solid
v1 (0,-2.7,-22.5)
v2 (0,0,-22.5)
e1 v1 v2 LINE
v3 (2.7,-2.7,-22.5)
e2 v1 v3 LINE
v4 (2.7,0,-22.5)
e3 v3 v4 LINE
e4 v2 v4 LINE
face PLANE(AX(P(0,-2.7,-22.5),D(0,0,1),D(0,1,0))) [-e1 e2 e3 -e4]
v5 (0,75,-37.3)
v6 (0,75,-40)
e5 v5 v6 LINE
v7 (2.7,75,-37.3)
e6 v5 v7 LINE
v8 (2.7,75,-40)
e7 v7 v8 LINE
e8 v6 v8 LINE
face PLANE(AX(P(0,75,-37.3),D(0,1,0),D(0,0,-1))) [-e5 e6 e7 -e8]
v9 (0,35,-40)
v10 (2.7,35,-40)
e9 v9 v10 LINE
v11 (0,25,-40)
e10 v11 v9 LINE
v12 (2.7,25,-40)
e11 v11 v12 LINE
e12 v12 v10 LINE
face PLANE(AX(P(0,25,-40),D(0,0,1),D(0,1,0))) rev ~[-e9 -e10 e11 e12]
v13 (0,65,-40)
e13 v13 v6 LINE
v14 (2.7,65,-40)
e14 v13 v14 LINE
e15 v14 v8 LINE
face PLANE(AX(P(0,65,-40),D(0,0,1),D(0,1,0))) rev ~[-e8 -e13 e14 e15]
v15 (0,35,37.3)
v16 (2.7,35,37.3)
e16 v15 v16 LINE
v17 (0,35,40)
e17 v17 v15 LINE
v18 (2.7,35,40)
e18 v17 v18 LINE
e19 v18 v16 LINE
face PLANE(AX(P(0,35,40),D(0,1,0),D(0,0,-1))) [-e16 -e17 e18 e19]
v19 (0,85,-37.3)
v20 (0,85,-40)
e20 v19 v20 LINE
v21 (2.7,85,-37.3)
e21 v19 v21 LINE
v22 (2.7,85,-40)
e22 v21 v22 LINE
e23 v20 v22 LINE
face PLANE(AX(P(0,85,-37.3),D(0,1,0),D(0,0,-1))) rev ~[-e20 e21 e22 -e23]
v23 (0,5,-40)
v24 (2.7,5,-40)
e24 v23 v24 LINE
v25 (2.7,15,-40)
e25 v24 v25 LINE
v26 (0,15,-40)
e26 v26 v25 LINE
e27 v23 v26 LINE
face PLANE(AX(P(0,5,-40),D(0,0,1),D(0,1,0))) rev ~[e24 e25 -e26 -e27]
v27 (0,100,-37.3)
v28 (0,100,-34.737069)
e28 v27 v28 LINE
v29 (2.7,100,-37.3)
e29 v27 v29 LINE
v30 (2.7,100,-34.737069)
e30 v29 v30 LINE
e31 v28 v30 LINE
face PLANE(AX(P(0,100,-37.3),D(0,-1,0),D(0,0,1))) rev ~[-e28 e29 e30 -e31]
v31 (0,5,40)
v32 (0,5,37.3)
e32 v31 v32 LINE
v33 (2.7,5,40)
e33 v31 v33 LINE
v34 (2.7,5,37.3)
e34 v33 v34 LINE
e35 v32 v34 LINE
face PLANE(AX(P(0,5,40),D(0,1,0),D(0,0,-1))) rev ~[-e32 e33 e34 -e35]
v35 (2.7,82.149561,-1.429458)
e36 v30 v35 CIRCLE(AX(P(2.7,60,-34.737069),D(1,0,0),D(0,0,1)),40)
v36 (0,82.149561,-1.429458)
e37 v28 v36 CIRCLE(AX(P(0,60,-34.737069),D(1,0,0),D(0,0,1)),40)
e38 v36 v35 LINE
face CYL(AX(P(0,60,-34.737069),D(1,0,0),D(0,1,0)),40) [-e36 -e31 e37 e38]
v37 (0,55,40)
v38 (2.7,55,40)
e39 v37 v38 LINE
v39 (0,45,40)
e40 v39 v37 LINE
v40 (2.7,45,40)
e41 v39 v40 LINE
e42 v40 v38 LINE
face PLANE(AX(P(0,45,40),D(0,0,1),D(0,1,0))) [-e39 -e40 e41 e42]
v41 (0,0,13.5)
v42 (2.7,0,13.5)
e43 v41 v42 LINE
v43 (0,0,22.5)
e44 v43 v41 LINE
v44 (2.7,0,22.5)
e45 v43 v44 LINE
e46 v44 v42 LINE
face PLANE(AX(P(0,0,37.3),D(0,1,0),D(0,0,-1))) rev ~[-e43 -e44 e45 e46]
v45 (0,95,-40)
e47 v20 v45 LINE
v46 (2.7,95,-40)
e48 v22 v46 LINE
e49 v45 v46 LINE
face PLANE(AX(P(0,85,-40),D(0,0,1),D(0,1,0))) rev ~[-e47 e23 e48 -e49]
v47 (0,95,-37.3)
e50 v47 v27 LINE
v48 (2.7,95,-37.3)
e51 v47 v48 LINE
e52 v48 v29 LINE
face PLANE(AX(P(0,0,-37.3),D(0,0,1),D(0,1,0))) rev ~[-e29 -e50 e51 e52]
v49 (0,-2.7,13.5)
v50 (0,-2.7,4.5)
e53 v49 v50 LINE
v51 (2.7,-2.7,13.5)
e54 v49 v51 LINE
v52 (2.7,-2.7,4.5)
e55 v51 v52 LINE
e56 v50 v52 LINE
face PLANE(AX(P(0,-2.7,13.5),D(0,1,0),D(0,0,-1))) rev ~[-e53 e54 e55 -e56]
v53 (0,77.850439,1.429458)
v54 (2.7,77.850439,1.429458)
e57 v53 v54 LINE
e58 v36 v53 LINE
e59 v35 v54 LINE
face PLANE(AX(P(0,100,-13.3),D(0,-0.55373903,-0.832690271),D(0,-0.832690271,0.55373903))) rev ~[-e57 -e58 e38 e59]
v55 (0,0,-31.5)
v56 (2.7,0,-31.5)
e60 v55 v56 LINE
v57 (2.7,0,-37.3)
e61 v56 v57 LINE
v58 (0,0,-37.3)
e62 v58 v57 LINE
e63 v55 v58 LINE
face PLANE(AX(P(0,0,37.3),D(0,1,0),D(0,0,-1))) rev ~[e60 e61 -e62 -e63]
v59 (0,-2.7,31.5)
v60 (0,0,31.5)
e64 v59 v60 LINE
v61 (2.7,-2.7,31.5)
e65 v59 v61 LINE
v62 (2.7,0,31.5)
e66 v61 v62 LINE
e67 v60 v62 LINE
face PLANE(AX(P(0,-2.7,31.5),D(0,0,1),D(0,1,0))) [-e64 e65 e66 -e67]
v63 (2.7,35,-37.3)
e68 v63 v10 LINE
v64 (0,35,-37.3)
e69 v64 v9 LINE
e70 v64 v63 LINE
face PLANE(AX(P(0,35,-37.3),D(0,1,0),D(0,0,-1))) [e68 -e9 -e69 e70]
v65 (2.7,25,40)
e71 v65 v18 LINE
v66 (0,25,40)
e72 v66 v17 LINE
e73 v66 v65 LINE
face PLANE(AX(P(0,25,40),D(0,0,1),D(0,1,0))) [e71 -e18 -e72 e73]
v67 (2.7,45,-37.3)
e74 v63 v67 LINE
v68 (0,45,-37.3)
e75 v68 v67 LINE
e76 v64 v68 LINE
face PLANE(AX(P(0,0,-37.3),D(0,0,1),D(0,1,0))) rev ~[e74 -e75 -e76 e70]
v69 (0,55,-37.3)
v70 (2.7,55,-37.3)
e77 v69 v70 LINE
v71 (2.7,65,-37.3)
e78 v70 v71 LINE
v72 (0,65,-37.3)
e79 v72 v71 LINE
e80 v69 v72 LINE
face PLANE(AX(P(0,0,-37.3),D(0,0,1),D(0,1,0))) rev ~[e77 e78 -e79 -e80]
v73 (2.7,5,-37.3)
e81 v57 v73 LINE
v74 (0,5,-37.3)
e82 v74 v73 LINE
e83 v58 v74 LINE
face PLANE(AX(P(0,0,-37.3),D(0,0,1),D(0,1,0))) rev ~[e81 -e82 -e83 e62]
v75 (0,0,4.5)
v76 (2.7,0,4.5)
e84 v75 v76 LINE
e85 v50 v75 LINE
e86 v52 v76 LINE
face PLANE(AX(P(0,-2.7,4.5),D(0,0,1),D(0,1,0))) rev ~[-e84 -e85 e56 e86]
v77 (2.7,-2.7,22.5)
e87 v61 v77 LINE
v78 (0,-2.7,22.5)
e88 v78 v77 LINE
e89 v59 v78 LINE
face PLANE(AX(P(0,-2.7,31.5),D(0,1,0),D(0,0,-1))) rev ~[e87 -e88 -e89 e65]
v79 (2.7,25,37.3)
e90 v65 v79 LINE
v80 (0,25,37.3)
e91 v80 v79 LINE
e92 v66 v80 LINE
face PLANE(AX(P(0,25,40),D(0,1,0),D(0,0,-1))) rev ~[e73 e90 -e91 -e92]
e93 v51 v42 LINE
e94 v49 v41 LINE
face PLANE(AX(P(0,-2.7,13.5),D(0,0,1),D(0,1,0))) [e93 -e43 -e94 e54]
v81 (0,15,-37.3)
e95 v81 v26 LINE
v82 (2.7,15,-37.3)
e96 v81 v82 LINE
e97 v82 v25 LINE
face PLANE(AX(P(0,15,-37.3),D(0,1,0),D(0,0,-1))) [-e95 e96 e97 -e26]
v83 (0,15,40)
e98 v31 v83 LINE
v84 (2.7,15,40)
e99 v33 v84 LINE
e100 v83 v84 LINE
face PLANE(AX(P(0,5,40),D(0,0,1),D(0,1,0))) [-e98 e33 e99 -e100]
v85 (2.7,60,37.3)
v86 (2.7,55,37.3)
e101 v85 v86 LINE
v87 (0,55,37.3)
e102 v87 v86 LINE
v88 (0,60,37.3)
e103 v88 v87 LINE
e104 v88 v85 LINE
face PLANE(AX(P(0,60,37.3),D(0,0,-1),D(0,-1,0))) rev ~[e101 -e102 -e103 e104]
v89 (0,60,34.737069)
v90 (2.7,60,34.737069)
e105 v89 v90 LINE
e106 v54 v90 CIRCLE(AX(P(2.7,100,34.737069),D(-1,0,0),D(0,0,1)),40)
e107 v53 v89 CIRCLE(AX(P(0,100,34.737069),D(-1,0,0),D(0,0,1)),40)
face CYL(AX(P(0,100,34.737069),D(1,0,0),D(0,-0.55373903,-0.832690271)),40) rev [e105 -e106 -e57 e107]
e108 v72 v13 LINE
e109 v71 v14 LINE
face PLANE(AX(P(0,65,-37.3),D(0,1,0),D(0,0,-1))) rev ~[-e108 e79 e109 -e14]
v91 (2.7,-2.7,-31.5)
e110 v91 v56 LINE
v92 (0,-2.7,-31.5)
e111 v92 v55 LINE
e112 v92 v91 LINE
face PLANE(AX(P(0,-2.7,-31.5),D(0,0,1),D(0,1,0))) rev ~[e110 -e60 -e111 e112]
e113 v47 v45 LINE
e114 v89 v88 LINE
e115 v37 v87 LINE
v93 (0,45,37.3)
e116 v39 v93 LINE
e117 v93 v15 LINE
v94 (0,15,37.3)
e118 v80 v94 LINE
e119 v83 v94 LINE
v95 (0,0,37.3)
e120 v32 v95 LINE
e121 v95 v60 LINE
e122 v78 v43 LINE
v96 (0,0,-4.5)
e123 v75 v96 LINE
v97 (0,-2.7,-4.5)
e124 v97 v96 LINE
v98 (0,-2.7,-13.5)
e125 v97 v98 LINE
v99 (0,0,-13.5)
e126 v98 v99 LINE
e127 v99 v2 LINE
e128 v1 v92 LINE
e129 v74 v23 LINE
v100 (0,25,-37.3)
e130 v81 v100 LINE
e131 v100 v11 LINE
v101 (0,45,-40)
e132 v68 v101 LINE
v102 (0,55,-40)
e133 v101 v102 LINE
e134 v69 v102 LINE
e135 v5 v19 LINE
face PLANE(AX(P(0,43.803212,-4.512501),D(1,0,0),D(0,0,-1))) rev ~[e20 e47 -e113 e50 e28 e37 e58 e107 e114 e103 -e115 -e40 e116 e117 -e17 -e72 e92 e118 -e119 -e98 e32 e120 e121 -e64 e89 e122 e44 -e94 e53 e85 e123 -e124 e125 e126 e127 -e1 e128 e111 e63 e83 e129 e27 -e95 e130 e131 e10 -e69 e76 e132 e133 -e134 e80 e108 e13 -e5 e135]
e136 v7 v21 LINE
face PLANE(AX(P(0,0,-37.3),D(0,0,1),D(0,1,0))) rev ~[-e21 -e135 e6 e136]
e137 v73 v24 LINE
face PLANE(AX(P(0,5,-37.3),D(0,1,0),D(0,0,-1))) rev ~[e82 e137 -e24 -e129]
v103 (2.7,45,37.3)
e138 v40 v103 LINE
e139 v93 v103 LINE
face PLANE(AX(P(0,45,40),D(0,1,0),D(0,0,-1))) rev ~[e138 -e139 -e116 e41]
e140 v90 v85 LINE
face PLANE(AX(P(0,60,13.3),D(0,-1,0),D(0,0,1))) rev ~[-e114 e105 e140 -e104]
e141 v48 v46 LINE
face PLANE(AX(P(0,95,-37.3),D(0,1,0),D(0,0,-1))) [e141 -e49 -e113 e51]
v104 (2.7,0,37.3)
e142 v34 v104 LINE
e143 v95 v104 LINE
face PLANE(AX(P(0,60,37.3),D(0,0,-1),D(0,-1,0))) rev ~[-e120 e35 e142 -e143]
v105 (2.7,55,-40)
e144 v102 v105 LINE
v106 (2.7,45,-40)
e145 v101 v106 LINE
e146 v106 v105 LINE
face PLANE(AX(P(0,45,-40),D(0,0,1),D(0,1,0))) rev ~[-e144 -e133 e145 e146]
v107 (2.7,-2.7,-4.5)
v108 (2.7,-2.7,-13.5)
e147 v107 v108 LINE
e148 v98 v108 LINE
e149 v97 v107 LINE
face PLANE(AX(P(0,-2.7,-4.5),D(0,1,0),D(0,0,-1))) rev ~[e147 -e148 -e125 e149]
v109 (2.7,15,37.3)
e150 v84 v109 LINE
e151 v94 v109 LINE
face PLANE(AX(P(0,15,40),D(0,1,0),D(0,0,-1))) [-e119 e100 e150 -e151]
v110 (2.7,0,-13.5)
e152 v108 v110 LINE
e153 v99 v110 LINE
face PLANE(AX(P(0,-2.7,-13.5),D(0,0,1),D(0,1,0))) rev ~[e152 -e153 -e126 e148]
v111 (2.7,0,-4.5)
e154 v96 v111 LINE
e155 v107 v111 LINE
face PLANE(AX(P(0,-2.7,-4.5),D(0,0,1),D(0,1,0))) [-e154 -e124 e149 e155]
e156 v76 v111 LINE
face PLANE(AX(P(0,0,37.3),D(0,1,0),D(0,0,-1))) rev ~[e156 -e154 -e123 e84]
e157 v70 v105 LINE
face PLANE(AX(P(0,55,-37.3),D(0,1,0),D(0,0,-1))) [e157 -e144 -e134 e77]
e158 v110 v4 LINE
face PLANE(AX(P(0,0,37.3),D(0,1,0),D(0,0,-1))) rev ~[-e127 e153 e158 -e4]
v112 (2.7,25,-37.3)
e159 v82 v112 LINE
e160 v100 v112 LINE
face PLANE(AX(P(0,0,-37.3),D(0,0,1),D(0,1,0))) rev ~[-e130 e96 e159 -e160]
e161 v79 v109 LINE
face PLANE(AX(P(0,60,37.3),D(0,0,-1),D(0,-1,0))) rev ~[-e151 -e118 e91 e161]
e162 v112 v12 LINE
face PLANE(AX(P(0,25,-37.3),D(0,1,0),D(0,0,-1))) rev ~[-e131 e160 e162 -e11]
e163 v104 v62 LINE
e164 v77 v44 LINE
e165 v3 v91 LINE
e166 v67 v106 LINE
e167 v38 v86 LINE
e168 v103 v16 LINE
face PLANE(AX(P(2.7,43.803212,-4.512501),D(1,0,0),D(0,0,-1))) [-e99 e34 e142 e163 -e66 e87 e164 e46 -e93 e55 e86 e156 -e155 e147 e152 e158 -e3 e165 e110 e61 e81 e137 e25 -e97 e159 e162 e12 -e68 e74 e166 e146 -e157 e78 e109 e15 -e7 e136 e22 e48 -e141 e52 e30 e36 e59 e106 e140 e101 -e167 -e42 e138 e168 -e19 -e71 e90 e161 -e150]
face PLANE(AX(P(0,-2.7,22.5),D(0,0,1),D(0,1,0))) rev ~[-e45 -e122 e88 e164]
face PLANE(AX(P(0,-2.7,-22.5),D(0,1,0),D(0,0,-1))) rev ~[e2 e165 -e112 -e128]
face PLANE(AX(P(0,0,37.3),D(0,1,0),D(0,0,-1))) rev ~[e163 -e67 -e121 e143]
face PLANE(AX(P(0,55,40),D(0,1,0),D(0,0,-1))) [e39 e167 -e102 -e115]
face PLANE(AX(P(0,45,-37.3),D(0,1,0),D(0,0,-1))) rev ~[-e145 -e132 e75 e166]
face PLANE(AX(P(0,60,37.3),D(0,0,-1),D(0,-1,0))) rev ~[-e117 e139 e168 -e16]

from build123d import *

# Parameters (mm, degrees)
BOSS_EXTRU_1_DEPTH              = 2.7
ESQUISSE2_W                     = 9
ESQUISSE2_H                     = 2.7
BOSS_EXTRU_2_DEPTH              = 2.7
R_P_TITION_LIN_AIRE1_COUNT      = 3
R_P_TITION_LIN_AIRE1_PITCH      = 18
R_P_TITION_LIN_AIRE1_COL_COUNT  = 2
R_P_TITION_LIN_AIRE1_COL_PITCH  = 18
ESQUISSE3_W                     = 2.7
ESQUISSE3_H                     = 10
BOSS_EXTRU_3_DEPTH              = 2.7
R_P_TITION_LIN_AIRE2_COUNT      = 5
R_P_TITION_LIN_AIRE2_PITCH      = 20
R_P_TITION_LIN_AIRE2_COUNT_DIR2 = 2
R_P_TITION_LIN_AIRE2_PITCH_DIR2 = 77.3
CONG_1_R                        = 40


with BuildPart() as part:
    # Esquisse1 → Boss.-Extru.1 (new body)
    with BuildSketch(Plane(origin=(0, 0, 0), x_dir=(0, 0, -1), z_dir=(1, 0, 0))):
        Polygon((37.3, 100), (13.3, 100), (-13.3, 60), (-37.3, 60), (-37.3, 0), (37.3, 0), align=None)
    extrude(amount=BOSS_EXTRU_1_DEPTH)

    # Esquisse2 → Boss.-Extru.2 (add)
    with BuildSketch(Plane(origin=(0, 0, 0), x_dir=(0, 0, -1), z_dir=(1, 0, 0))):
        with Locations((-9, -1.35)):
            Rectangle(ESQUISSE2_W, ESQUISSE2_H)
    boss_extru_2 = extrude(amount=BOSS_EXTRU_2_DEPTH)

    # Répétition linéaire1: Boss.-Extru.2 ×3
    with Locations(*[(0, 0, -i * R_P_TITION_LIN_AIRE1_PITCH) for i in range(1, R_P_TITION_LIN_AIRE1_COUNT)]):
        add(boss_extru_2)

    # Répétition linéaire1 col: Boss.-Extru.2 ×2
    with Locations(*[(0, 0, i * R_P_TITION_LIN_AIRE1_COL_PITCH) for i in range(1, R_P_TITION_LIN_AIRE1_COL_COUNT)]):
        add(boss_extru_2)

    # Esquisse3 → Boss.-Extru.3 (add)
    with BuildSketch(Plane(origin=(0, 0, 0), x_dir=(0, 0, -1), z_dir=(1, 0, 0))):
        with Locations((-38.65, 10)):
            Rectangle(ESQUISSE3_W, ESQUISSE3_H)
    boss_extru_3 = extrude(amount=BOSS_EXTRU_3_DEPTH)

    # Répétition linéaire2: Boss.-Extru.3 5 × 2, 2 skipped
    with Locations(*[(0, i * R_P_TITION_LIN_AIRE2_PITCH, -j * R_P_TITION_LIN_AIRE2_PITCH_DIR2) for i in range(R_P_TITION_LIN_AIRE2_COUNT) for j in range(R_P_TITION_LIN_AIRE2_COUNT_DIR2) if (i, j) not in ((0, 0), (3, 0), (4, 0))]):
        add(boss_extru_3)

    # Congé1
    cong_1_edges = [part.edges().sort_by_distance(p)[0] for p in [
        (1.35, 60, 13.3),
        (1.35, 100, -13.3),
    ]]
    fillet(cong_1_edges, radius=CONG_1_R)


solid = part.part
